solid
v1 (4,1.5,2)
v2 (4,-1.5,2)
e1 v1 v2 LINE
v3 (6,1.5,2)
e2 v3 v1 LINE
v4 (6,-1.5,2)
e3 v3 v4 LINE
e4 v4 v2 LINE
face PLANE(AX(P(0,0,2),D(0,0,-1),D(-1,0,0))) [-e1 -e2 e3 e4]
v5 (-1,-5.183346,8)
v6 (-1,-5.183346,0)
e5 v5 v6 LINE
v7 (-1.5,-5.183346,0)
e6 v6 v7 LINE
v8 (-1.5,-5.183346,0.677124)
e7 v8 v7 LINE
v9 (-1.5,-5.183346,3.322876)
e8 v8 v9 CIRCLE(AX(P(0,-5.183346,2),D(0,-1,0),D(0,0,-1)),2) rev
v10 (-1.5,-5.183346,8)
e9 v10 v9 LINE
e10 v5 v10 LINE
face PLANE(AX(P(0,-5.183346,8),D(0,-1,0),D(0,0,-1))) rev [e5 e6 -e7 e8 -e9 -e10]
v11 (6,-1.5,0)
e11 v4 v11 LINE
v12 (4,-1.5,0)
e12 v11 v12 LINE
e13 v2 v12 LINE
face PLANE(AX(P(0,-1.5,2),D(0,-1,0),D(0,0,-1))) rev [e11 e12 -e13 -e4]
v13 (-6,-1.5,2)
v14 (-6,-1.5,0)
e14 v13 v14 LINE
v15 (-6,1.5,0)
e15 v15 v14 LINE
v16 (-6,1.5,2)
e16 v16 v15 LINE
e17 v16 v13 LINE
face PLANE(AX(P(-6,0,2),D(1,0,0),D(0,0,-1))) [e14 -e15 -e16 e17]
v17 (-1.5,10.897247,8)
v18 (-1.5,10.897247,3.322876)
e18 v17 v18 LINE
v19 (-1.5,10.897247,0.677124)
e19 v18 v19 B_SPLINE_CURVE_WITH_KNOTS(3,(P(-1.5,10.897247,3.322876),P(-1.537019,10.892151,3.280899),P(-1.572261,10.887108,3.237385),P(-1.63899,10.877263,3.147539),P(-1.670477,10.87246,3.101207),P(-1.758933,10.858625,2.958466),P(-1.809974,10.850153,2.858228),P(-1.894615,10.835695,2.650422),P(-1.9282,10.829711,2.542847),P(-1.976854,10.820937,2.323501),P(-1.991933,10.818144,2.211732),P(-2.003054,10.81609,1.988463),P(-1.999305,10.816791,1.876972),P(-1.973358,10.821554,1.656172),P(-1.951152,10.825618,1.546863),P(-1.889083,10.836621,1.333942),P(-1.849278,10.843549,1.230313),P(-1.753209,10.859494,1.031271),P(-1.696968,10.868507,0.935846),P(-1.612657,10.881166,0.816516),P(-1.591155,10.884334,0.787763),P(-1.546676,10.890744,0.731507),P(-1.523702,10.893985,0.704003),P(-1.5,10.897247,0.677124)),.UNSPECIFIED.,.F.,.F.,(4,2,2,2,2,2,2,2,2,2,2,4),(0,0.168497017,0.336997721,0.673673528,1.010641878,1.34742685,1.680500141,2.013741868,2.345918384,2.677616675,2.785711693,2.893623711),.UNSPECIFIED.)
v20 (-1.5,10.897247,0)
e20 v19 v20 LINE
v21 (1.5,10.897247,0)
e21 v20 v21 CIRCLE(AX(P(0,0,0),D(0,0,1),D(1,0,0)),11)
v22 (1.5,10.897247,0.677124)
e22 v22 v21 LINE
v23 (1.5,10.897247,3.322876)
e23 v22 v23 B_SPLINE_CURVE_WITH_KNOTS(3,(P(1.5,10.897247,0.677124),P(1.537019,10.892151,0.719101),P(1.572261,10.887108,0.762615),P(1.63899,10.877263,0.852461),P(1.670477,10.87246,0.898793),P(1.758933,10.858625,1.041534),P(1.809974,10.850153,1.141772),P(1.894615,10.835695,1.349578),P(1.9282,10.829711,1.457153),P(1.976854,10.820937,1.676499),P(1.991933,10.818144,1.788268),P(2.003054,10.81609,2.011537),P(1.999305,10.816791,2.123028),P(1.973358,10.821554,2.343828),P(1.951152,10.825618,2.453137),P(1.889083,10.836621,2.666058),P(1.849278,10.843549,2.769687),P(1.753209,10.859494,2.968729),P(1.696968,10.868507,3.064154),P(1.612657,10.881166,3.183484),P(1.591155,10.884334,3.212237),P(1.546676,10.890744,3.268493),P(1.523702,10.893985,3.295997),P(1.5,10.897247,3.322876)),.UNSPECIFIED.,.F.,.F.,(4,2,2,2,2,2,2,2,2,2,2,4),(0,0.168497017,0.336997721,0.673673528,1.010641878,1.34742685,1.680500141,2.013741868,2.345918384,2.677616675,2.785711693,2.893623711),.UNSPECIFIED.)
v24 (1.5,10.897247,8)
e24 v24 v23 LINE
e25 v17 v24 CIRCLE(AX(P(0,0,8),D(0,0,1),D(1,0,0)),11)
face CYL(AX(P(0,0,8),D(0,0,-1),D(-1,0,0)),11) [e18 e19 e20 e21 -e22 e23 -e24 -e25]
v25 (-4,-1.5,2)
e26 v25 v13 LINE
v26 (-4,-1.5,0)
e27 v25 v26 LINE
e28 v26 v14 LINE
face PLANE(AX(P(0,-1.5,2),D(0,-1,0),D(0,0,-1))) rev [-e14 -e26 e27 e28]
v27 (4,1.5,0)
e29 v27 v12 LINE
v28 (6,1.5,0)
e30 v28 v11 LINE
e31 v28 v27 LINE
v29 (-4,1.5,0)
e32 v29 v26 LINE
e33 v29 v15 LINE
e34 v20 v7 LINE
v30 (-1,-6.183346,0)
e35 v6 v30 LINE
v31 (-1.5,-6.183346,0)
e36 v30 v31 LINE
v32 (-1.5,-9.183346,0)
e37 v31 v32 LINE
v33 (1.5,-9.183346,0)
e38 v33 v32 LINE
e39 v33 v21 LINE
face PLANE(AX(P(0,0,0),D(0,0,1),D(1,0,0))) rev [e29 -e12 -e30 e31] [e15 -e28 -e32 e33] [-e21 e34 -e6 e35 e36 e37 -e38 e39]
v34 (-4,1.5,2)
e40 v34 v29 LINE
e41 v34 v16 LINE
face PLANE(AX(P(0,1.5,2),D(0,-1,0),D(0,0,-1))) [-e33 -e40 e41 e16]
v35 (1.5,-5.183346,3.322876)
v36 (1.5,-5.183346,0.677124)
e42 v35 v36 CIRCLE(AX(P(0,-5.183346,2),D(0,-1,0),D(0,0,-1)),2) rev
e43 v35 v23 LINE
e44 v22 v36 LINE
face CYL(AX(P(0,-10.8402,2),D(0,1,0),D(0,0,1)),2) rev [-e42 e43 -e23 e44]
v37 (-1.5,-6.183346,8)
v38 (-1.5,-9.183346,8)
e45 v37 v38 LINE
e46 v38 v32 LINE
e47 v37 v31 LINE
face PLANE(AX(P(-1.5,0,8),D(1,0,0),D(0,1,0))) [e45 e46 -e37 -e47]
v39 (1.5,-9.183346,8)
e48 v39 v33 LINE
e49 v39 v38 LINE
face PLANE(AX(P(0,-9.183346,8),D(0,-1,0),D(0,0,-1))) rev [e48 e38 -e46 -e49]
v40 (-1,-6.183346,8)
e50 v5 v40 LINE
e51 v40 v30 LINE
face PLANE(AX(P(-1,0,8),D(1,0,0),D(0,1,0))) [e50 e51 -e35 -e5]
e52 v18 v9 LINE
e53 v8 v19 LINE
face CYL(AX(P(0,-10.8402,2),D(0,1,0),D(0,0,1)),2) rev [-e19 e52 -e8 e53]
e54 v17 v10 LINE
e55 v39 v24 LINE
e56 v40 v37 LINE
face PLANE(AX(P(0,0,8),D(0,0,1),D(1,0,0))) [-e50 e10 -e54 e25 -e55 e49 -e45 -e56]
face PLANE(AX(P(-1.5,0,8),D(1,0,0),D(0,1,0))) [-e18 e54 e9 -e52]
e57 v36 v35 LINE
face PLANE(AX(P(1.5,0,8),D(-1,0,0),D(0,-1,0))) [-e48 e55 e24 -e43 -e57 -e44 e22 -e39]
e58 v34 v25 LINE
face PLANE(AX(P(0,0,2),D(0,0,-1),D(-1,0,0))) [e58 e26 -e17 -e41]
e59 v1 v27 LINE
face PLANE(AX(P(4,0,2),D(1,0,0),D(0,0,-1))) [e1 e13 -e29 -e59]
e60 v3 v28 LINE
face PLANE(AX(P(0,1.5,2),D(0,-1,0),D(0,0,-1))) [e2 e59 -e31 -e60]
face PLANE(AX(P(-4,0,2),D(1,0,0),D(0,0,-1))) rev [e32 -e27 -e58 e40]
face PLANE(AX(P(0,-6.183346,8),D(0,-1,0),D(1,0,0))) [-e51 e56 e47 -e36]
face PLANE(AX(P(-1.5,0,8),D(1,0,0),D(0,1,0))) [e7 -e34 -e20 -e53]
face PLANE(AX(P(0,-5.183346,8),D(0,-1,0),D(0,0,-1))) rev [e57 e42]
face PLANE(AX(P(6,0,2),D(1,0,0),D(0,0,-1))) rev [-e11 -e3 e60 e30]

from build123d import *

# Parameters (mm, degrees)
BOSS_EXTRUDE1_DEPTH             = 8
SKETCH8_R                       = 2
PIN_HOLE_DEPTH                  = 5.183346
PIN_HOLE_DIRECTION_2_REACH      = 19.493
PIN_HOLE_DIRECTION_2_END_RADIUS = 11
SKETCH6_W                       = 2
SKETCH6_H                       = 3
CUT_EXTRUDE2_DEPTH              = 2


with BuildPart() as part:
    # Sketch1 → Boss-Extrude1 (new body)
    with BuildSketch(Plane.XY):
        with BuildLine():
            ThreePointArc((-1.5, 10.897247359), (0, -11), (1.5, 10.897247359))
            Line((1.5, 10.897247359), (1.5, -9.183346174))
            Line((1.5, -9.183346174), (-1.5, -9.183346174))
            Line((-1.5, -9.183346174), (-1.5, -6.183346174))
            Line((-1.5, -6.183346174), (-1, -6.183346174))
            Line((-1, -6.183346174), (-1, -5.183346174))
            Line((-1, -5.183346174), (-1.5, -5.183346174))
            Line((-1.5, -5.183346174), (-1.5, 10.897247359))
        make_face()
    extrude(amount=BOSS_EXTRUDE1_DEPTH)

    # Sketch8 → pin hole (cut)
    with BuildSketch(Plane(origin=(0, 0, 0), x_dir=(1, 0, 0), z_dir=(0, 1, 0))):
        with Locations((0, -2)):
            Circle(SKETCH8_R)
    extrude(amount=-PIN_HOLE_DEPTH, mode=Mode.SUBTRACT)

    # pin hole direction 2: up to this cylinder (the profile starts inside it)
    pin_hole_direction_2_end = Plane(origin=(0, 0, 2), z_dir=(0, 0, -1)) * Cylinder(PIN_HOLE_DIRECTION_2_END_RADIUS, 61.986, mode=Mode.PRIVATE)
    # Sketch8 → pin hole direction 2 (cut, up to the surface)
    with BuildSketch(Plane(origin=(0, 0, 0), x_dir=(1, 0, 0), z_dir=(0, 1, 0)), mode=Mode.PRIVATE) as pin_hole_direction_2_sk1:
        with Locations((0, -2)):
            Circle(SKETCH8_R)
    pin_hole_direction_2_tool1 = extrude(pin_hole_direction_2_sk1.sketch, amount=PIN_HOLE_DIRECTION_2_REACH, mode=Mode.PRIVATE) & pin_hole_direction_2_end
    add(pin_hole_direction_2_tool1.solids().sort_by_distance((0, 0, 2))[0], mode=Mode.SUBTRACT)

    # Sketch6 → Cut-Extrude2 (cut)
    with BuildSketch(Plane(origin=(0, 0, 0), x_dir=(-1, 0, 0), z_dir=(0, 0, -1))):
        with Locations((-5, 0)):
            Rectangle(SKETCH6_W, SKETCH6_H)
        with Locations((5, 0)):
            Rectangle(SKETCH6_W, SKETCH6_H)
    extrude(amount=-CUT_EXTRUDE2_DEPTH, mode=Mode.SUBTRACT)


solid = part.part
